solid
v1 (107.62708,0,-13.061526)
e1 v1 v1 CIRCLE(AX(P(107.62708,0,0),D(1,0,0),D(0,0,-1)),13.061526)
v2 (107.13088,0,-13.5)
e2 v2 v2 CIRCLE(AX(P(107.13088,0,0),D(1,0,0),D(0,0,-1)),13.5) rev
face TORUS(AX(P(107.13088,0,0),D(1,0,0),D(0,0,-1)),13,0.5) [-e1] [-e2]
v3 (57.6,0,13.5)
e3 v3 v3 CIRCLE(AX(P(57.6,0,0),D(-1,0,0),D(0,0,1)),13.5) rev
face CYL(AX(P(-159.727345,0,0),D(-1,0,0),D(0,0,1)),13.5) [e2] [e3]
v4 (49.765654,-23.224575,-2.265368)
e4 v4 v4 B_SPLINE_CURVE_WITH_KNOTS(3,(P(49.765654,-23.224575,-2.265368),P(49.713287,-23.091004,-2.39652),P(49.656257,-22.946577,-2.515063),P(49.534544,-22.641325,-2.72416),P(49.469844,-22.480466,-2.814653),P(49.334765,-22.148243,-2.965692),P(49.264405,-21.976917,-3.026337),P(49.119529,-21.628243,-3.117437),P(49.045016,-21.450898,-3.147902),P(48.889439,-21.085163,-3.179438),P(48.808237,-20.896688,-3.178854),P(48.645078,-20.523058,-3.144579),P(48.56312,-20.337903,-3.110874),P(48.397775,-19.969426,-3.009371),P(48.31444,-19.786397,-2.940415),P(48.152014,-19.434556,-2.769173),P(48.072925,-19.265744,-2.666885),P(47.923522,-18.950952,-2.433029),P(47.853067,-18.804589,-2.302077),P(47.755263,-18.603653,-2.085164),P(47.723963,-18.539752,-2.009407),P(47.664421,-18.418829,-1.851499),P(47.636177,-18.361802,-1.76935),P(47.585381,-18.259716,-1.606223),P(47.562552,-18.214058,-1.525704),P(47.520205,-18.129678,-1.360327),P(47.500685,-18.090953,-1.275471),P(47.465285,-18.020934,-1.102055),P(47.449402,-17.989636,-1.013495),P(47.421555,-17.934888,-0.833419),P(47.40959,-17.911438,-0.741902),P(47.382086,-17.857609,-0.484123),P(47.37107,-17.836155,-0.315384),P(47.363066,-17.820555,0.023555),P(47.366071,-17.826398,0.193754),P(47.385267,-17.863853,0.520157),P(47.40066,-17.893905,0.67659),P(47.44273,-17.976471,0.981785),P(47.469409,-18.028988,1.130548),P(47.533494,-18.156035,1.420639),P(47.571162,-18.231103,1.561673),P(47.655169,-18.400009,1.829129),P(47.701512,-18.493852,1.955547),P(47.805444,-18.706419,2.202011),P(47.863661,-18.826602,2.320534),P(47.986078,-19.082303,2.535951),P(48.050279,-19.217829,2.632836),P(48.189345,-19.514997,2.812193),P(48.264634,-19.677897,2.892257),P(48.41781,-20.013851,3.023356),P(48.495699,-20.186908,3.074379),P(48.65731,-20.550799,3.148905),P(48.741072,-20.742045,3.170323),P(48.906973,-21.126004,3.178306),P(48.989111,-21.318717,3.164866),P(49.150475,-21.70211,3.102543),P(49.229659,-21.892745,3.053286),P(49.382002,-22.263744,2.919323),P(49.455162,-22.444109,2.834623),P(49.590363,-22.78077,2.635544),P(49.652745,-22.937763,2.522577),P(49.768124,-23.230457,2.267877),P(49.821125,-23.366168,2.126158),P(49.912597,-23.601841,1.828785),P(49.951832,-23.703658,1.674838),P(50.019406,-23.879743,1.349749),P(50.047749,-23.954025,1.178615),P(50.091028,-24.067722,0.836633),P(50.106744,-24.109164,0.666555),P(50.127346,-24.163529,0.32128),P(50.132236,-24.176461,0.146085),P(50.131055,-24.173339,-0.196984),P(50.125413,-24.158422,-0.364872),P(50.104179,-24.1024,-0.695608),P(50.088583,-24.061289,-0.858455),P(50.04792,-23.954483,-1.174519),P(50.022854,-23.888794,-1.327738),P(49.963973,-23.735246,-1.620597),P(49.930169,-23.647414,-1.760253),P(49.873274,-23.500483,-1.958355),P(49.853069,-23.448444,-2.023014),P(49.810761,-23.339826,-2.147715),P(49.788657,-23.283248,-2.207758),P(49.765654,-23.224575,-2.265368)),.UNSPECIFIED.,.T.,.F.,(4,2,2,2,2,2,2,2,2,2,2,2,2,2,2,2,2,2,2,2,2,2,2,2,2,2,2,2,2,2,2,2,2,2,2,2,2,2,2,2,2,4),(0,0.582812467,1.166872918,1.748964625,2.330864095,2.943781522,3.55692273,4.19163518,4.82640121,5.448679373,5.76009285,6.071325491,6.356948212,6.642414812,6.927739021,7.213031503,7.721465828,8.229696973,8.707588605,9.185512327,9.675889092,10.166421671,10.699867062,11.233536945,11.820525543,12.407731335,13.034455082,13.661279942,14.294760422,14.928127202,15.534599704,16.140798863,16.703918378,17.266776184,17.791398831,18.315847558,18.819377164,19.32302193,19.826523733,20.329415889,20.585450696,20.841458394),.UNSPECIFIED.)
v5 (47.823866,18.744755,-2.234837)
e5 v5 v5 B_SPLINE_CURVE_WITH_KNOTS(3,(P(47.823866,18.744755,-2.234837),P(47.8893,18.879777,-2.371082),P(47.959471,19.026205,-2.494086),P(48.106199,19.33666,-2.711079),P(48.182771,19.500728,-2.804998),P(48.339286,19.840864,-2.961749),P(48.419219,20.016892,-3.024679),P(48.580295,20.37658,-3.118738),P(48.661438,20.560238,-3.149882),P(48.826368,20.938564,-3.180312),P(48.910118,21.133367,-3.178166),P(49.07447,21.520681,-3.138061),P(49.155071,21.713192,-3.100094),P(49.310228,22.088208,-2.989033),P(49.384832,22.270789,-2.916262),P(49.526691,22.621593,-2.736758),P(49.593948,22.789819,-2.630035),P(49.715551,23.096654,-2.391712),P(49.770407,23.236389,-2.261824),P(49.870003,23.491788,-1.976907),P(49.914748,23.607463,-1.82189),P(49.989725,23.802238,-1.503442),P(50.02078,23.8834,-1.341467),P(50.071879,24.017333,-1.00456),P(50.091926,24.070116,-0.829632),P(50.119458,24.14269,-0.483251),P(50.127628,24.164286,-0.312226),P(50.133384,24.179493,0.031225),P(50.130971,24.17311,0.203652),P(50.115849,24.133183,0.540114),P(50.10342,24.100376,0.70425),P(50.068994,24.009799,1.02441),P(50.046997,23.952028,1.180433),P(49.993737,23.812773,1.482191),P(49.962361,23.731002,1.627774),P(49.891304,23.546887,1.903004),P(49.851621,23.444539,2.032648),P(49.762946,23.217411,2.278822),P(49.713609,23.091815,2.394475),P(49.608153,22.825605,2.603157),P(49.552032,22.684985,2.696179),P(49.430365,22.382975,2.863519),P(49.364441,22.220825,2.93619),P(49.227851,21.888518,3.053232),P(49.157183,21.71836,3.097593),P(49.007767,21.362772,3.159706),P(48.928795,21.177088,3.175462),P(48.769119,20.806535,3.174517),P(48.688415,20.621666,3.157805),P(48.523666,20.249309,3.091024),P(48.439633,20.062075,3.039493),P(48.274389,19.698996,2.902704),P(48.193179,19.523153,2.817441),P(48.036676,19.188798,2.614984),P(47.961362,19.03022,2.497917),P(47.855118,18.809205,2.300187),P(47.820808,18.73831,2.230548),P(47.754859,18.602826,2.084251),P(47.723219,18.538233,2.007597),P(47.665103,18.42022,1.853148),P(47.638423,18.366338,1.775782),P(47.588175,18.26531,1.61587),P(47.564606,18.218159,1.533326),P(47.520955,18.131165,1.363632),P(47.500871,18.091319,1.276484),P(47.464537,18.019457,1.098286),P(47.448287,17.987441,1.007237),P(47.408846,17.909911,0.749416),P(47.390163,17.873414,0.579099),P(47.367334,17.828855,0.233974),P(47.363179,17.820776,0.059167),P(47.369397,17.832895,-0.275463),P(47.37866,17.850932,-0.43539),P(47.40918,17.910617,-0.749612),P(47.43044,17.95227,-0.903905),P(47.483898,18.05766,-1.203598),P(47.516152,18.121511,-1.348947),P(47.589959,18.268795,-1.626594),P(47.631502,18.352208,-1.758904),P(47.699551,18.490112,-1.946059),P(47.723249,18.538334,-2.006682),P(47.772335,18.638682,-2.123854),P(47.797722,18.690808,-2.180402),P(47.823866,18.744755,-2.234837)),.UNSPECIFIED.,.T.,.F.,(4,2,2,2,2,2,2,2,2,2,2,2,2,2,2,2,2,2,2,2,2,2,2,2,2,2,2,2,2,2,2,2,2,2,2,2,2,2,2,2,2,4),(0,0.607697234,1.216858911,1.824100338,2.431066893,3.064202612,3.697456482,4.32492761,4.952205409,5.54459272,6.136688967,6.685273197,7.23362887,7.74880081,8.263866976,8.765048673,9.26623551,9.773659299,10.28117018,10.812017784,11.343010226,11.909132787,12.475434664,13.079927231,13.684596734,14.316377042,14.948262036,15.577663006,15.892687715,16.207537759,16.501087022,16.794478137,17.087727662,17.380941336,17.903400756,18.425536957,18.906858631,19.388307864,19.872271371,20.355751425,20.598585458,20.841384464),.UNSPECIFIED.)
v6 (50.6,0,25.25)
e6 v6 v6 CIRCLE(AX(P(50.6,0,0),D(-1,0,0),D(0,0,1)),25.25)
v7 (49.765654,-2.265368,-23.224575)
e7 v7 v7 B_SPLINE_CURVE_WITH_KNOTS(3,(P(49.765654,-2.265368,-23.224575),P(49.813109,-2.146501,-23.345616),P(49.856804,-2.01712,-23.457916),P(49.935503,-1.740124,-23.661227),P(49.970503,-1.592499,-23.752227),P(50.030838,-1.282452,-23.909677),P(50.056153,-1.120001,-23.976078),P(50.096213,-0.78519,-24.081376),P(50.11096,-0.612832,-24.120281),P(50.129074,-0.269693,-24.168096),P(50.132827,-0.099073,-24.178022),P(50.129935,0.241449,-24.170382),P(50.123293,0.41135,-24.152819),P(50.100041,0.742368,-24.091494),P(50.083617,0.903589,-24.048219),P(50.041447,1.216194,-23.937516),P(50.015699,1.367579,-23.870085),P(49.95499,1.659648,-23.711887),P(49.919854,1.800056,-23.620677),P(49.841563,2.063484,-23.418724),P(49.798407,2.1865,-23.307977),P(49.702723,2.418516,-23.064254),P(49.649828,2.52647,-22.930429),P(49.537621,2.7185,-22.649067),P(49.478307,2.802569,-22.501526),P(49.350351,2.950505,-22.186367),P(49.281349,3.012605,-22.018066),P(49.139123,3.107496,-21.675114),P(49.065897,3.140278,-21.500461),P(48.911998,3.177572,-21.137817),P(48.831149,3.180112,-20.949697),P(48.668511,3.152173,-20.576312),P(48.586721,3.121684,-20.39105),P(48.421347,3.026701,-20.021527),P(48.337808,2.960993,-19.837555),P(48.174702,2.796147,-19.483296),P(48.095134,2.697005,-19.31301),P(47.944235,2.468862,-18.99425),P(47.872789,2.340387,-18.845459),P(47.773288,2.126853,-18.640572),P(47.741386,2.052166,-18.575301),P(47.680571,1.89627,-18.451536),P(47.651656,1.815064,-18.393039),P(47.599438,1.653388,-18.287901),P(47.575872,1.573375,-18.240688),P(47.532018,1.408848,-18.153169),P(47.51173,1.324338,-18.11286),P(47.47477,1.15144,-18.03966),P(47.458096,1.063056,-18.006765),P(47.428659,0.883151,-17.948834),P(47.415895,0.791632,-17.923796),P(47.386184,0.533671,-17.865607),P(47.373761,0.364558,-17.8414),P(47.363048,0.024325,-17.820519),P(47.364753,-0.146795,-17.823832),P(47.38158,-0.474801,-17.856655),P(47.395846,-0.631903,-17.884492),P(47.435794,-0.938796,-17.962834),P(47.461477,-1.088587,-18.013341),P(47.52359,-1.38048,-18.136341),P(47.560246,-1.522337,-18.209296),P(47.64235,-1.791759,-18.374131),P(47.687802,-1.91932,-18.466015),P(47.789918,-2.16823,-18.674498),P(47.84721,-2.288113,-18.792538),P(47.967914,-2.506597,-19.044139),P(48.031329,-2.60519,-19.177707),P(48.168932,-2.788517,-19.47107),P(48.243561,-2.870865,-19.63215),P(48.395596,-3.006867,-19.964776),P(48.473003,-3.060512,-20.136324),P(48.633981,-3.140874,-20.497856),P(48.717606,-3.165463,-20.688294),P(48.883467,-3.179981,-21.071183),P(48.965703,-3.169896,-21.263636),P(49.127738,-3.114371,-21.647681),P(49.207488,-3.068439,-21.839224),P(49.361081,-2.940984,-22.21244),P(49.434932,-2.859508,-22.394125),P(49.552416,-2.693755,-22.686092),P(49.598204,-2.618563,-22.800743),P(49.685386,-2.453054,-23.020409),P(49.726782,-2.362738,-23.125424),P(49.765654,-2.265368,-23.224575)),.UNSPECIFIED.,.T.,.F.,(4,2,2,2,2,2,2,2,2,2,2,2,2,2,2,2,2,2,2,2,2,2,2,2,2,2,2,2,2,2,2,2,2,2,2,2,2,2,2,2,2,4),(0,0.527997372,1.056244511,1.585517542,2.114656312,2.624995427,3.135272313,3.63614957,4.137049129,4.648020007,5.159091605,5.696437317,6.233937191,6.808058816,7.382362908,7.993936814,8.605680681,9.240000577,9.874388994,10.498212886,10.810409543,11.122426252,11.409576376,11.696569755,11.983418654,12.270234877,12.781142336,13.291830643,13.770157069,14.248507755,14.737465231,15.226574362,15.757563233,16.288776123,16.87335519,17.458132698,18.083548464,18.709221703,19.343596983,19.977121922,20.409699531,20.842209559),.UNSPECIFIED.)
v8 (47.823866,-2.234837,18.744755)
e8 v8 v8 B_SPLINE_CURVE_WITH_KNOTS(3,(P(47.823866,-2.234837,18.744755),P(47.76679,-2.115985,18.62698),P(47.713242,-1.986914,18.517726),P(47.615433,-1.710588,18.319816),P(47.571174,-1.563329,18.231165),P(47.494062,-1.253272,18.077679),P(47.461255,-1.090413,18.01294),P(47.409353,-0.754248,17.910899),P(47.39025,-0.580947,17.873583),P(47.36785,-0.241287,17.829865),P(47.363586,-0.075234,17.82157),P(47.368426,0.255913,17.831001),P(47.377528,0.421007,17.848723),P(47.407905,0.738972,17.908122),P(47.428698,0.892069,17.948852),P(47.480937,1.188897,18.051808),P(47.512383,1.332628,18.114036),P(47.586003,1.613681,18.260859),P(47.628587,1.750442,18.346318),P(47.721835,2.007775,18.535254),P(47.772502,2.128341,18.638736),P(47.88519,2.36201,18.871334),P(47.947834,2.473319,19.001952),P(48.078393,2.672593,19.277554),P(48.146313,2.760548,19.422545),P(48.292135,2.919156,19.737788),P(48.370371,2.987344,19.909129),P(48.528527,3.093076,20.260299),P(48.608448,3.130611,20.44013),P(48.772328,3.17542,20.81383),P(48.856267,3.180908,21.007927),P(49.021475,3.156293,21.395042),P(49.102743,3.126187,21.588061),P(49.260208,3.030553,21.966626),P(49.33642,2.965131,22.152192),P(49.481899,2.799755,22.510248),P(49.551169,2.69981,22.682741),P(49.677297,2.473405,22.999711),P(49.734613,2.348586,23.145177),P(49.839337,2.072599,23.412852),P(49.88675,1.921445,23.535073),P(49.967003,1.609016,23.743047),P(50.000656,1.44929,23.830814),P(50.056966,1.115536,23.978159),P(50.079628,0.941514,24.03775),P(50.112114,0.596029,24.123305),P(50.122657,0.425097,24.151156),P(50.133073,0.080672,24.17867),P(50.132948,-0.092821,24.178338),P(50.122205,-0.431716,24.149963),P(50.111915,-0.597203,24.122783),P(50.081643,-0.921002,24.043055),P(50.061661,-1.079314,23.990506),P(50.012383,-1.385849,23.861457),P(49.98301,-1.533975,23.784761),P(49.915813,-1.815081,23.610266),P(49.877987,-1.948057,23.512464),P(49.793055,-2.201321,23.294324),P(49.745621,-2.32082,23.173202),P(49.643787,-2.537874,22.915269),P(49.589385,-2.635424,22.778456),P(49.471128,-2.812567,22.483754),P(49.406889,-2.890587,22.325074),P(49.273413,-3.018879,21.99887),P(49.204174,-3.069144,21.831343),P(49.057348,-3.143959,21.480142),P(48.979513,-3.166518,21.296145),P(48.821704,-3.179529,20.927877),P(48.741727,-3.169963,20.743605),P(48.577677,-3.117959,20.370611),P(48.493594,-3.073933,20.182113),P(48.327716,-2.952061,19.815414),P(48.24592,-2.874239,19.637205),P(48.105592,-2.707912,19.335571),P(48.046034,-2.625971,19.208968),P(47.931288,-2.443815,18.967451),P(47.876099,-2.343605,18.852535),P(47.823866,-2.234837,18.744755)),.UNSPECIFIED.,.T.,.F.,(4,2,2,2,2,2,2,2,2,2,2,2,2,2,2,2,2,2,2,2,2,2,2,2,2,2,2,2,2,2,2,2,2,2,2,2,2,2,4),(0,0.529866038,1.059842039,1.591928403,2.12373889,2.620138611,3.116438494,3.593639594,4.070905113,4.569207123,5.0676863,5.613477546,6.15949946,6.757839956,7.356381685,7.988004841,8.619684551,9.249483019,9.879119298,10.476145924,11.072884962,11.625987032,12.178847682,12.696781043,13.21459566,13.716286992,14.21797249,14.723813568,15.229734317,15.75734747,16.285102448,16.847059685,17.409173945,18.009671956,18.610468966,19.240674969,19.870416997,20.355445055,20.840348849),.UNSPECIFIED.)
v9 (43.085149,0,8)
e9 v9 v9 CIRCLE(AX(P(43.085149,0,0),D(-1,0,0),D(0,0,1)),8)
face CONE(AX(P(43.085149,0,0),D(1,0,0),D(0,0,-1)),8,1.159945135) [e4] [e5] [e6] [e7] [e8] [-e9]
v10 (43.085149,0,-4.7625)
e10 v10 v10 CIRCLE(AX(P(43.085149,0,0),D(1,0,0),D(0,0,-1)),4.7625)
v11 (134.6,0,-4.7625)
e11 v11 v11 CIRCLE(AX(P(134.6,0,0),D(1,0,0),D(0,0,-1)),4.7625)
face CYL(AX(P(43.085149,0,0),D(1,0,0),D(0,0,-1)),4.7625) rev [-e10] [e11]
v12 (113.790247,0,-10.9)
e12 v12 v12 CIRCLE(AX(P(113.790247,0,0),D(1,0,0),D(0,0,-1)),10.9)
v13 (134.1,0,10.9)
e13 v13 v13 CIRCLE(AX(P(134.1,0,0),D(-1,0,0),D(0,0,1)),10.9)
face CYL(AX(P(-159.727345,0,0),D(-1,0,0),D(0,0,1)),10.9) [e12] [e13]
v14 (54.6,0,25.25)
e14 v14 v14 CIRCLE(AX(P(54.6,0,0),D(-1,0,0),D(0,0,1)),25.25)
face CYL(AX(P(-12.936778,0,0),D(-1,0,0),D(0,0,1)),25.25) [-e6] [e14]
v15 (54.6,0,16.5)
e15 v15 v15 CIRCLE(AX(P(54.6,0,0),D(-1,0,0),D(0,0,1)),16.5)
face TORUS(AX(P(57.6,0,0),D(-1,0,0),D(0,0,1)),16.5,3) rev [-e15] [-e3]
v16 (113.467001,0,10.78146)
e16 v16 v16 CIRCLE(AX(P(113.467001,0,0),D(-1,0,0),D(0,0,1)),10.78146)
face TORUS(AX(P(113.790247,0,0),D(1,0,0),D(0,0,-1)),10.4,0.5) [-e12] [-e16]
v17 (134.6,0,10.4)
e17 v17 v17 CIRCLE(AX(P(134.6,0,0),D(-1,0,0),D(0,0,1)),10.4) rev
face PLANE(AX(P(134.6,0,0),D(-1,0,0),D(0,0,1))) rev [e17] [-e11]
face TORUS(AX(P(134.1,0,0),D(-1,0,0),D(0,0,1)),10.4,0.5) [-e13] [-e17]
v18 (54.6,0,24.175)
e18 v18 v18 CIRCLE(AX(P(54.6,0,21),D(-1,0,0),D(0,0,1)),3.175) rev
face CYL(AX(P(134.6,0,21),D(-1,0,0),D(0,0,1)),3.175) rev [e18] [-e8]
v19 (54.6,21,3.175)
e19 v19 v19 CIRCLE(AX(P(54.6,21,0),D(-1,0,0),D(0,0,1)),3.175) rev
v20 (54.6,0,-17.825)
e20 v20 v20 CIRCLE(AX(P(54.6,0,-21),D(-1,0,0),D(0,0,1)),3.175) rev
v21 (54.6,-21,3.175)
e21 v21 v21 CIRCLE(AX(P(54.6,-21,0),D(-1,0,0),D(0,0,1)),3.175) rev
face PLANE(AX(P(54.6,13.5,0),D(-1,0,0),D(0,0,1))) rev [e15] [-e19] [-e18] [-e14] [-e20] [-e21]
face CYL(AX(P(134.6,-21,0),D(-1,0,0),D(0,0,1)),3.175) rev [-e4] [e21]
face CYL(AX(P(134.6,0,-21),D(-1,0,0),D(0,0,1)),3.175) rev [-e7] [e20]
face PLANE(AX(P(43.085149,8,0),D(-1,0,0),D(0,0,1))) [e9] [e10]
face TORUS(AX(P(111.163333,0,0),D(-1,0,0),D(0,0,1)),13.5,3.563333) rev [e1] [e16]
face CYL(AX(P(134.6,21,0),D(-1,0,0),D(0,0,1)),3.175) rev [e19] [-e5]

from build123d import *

# Parameters (mm, degrees)
FILLET1_R          = 0.5
FILLET2_R          = 3
SKETCH3_R          = 4.7625
CUT_EXTRUDE1_DEPTH = 92.514851485
SKETCH4_R          = 3.175
CUT_EXTRUDE3_DEPTH = 135.6


with BuildPart() as part:
    # Sketch1 → Revolve1 (revolve)
    with BuildSketch(Plane.XY):
        with BuildLine():
            Line((134.6, 0), (134.6, 10.9))
            Line((134.6, 10.9), (113.6, 10.9))
            ThreePointArc((113.6, 10.9), (109.746525497, 10.230443455), (107.6, 13.5))
            Line((107.6, 13.5), (54.6, 13.5))
            Line((54.6, 13.5), (54.6, 27.5))
            Line((54.6, 27.5), (47.6, 27.5))
            Line((47.6, 27.5), (47.6, 32.25))
            Line((47.6, 32.25), (44.6, 32.25))
            Line((44.6, 32.25), (44.6, 37))
            Line((44.6, 37), (40.6, 37))
            Line((40.6, 37), (40.6, 42))
            Line((40.6, 42), (23, 42))
            Line((23, 42), (23, 43))
            Line((23, 43), (5, 43))
            Line((5, 43), (5, 44))
            Line((5, 44), (0, 44))
            Line((0, 44), (0, 0))
            Line((0, 0), (134.6, 0))
        make_face()
    revolve(axis=Axis((-159.727345132, 0, 0), (1, 0, 0)))

    # Fillet1
    fillet1_edges = [part.edges().sort_by_distance(p)[0] for p in [
        (5, -43, 0),
        (23, -42, 0),
        (40.6, -42, 0),
        (40.6, -37, 0),
        (44.6, -37, 0),
        (44.6, -32.25, 0),
        (47.6, -32.25, 0),
        (47.6, -27.5, 0),
        (54.6, -27.5, 0),
        (107.6, -13.5, 0),
        (113.6, -10.9, 0),
        (134.6, -10.9, 0),
    ]]
    fillet(fillet1_edges, radius=FILLET1_R)

    # Fillet2
    fillet2_edges = [part.edges().sort_by_distance(p)[0] for p in [
        (54.6, -13.5, 0),
    ]]
    fillet(fillet2_edges, radius=FILLET2_R)

    # Sketch2 → Cut-Revolve1 (revolve, cut)
    with BuildSketch(Plane.XY):
        Polygon((50.6, 25.25), (64.002595821, 25.25), (64.002595821, 54.446385227), (-9.354779202, 54.446385227), (-9.354779202, 0), (39.6, 0), (43.085148515, 0), (43.085148515, 8), align=None)
    revolve(axis=Axis((-12.93677823, 0, 0), (1, 0, 0)), mode=Mode.SUBTRACT)

    # Sketch3 → Cut-Extrude1 (cut, through all)
    with BuildSketch(Plane(origin=(134.6, 0, 0), x_dir=(0, 0, -1), z_dir=(1, 0, 0))):
        Circle(SKETCH3_R)
    extrude(amount=-CUT_EXTRUDE1_DEPTH, mode=Mode.SUBTRACT)

    # Sketch4 → Cut-Extrude3 (cut, through all)
    with BuildSketch(Plane(origin=(0, 0, 0), x_dir=(0, 0, -1), z_dir=(1, 0, 0))):
        with Locations((21, 0)):
            Circle(SKETCH4_R)
        with Locations((0, -21)):
            Circle(SKETCH4_R)
        with Locations((0, 21)):
            Circle(SKETCH4_R)
        with Locations((-21, 0)):
            Circle(SKETCH4_R)
    extrude(amount=CUT_EXTRUDE3_DEPTH, mode=Mode.SUBTRACT)


solid = part.part
